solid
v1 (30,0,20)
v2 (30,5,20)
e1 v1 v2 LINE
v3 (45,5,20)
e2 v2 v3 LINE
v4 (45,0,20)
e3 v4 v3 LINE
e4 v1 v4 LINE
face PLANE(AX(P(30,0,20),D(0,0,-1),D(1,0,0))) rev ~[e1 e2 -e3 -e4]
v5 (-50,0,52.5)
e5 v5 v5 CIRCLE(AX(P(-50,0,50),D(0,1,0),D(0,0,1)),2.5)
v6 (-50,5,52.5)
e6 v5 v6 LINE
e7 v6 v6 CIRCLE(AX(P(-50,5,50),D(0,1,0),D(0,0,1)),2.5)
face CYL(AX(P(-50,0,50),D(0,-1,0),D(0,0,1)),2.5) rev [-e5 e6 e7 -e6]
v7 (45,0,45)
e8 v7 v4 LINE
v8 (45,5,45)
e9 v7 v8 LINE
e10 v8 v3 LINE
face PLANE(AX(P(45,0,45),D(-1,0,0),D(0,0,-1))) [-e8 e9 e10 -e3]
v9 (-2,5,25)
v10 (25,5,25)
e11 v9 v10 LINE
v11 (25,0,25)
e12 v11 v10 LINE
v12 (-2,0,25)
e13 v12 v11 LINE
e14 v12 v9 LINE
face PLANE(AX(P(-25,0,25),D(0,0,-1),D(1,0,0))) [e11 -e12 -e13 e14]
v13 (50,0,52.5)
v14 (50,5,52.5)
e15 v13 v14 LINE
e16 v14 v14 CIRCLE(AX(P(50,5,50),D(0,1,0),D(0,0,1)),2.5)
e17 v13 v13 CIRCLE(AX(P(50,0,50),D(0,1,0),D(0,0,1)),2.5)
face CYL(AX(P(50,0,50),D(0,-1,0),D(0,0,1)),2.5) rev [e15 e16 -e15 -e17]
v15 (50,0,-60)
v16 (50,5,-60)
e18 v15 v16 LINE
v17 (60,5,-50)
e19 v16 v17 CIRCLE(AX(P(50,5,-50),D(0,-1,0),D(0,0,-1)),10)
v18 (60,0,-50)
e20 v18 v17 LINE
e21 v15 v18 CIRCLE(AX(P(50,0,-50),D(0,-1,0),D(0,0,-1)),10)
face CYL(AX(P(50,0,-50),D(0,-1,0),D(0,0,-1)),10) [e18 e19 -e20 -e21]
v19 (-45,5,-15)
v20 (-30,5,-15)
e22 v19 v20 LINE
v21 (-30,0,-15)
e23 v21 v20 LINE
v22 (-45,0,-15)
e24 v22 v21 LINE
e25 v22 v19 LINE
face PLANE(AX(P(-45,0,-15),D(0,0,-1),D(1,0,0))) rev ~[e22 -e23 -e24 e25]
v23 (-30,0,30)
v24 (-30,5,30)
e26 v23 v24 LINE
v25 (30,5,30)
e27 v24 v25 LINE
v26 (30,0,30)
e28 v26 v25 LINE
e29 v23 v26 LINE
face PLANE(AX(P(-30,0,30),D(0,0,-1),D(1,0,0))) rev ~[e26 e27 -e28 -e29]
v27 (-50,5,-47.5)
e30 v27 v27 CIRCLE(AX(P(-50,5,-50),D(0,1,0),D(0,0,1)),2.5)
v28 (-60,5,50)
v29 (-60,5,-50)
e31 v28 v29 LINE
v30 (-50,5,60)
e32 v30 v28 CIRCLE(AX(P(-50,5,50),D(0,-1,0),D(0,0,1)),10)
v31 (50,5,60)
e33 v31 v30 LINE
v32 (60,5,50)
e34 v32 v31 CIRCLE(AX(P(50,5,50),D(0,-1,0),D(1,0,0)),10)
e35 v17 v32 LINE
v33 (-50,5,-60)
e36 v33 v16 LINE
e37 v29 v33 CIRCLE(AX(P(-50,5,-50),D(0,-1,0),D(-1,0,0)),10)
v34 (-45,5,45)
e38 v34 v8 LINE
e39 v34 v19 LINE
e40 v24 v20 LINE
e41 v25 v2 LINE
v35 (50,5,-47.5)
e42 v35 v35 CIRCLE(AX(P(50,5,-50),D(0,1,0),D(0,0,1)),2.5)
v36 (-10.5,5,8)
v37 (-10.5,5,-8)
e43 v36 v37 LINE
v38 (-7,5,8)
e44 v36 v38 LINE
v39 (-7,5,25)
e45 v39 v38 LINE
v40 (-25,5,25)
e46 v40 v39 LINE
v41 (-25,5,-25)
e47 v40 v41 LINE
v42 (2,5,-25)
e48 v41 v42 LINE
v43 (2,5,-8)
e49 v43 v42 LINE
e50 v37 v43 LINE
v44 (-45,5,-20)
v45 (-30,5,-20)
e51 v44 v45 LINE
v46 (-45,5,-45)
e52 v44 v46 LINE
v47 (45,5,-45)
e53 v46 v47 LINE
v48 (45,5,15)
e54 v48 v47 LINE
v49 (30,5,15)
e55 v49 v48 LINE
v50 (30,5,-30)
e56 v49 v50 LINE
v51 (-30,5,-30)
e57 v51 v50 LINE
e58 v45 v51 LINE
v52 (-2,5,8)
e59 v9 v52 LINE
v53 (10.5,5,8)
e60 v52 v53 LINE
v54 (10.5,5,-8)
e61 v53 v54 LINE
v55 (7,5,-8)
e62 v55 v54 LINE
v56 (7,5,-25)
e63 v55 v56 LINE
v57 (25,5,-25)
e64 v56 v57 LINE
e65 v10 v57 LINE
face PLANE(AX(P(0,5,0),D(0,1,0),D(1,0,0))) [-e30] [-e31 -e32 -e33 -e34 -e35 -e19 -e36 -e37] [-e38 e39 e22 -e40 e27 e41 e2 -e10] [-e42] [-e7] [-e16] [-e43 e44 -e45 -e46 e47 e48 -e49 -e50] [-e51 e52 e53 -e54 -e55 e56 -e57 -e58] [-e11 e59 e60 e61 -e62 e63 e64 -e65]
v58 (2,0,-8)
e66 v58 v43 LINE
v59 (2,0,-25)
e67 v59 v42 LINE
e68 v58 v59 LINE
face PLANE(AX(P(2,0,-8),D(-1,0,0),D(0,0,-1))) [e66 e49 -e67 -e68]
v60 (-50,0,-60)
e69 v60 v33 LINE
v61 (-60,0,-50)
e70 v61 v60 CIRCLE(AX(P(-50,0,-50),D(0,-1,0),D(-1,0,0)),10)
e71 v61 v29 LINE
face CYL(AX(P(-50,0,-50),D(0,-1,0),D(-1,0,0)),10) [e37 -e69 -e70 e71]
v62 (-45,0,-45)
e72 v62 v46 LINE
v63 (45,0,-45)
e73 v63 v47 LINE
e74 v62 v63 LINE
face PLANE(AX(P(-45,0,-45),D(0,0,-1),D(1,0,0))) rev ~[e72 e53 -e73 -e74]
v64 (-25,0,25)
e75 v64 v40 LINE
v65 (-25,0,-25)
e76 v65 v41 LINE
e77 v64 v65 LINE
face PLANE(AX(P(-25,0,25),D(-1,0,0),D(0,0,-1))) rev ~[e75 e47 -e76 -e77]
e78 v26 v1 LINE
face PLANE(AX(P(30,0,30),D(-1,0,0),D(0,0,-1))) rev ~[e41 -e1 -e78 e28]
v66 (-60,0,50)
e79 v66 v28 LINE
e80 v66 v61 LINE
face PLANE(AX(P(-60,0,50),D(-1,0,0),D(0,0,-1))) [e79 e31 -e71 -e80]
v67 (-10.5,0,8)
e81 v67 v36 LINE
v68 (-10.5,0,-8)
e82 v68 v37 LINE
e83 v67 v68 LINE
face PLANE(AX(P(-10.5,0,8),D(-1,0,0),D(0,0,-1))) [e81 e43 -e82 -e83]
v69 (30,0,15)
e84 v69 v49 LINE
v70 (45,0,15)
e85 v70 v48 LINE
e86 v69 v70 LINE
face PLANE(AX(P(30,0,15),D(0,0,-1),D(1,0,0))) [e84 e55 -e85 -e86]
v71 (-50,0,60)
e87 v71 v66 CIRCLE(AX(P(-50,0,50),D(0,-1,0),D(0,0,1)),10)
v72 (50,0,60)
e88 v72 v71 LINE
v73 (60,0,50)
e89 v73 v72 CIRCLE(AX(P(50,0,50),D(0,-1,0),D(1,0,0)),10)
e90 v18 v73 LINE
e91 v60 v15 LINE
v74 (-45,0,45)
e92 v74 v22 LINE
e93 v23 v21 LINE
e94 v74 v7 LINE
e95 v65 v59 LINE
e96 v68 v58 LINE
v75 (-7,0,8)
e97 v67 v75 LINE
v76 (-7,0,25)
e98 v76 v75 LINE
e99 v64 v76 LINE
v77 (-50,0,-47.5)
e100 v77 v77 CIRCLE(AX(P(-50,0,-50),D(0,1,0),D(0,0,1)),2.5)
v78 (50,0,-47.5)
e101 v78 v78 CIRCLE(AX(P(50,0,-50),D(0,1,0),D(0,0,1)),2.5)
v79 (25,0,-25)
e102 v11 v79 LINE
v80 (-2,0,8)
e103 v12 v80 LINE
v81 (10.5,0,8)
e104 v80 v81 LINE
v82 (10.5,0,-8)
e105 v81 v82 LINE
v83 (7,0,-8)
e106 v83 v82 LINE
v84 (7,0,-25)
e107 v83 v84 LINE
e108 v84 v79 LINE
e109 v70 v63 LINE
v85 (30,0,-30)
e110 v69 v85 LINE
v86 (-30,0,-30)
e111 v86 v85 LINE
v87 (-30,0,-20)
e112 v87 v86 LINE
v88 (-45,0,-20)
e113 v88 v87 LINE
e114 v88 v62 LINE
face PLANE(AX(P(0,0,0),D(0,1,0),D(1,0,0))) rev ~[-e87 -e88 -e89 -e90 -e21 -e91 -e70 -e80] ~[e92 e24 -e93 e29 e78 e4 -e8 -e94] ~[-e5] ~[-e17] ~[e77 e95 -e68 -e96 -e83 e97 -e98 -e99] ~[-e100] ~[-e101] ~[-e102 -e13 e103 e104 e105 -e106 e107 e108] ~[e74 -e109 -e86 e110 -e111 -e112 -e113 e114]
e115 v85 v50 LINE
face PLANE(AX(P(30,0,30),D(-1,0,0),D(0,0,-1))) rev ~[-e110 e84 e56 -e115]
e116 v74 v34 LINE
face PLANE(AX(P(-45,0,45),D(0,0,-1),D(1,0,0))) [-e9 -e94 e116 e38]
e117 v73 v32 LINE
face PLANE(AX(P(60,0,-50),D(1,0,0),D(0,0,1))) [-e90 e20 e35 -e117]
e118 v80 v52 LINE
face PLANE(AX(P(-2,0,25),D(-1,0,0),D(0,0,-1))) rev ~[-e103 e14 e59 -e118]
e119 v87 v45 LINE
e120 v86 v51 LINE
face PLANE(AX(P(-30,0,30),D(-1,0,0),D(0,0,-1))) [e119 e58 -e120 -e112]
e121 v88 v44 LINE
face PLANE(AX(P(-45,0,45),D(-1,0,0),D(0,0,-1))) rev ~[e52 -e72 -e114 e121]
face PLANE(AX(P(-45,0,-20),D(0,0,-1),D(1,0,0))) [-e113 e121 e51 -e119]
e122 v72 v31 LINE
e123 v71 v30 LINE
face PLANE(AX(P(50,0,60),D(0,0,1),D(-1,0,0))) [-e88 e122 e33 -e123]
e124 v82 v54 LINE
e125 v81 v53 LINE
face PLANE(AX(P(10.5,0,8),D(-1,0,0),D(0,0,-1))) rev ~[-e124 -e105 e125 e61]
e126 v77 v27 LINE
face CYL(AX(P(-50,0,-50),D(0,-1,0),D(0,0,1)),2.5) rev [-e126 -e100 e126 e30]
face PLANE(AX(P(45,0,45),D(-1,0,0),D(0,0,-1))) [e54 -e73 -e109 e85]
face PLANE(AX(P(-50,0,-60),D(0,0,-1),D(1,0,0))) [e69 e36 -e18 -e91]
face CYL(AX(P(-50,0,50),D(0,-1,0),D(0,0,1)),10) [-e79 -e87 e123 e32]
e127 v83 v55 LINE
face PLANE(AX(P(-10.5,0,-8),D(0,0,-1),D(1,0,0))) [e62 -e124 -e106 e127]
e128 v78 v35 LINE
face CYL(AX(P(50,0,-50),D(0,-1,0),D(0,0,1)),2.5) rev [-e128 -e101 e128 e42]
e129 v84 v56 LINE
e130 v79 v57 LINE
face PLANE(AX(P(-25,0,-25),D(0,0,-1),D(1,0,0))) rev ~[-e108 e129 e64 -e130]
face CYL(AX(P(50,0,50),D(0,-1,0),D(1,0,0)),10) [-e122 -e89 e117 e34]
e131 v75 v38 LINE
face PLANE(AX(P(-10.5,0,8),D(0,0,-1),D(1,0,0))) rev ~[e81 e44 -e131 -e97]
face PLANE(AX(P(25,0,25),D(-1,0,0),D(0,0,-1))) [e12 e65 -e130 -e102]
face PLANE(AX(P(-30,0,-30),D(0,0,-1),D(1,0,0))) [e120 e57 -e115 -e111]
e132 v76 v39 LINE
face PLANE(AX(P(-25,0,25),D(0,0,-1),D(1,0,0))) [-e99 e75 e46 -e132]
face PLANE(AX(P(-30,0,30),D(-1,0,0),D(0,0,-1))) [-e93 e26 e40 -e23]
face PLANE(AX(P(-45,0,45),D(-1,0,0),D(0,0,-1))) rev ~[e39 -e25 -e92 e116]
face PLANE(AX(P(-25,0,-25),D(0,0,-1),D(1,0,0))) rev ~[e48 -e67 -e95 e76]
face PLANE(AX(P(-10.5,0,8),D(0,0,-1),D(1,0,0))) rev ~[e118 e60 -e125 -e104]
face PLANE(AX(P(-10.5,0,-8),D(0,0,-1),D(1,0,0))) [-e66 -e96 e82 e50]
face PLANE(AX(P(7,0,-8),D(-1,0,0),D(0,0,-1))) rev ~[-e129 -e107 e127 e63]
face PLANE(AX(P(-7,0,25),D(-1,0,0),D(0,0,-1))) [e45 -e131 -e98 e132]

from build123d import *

# Parameters (mm, degrees)
SKETCH1_R             = 2.5
SKETCH1_W             = 90
SKETCH1_H             = 90
BOSS_EXTRUDE1_DEPTH   = 5
SKETCH1_W_2           = 60
SKETCH1_H_2           = 60
SKETCH1_W_3           = 50
SKETCH1_H_3           = 50
BOSS_EXTRUDE1_2_DEPTH = 5
SKETCH1_W_4           = 21
SKETCH1_H_4           = 16
BOSS_EXTRUDE1_3_DEPTH = 5
SKETCH2_W             = 5
SKETCH2_H             = 17
SKETCH2_W_2           = 15
SKETCH2_H_2           = 5
BOSS_EXTRUDE2_DEPTH   = 5


with BuildPart() as part:
    # Sketch1 → Boss-Extrude1 (new body)
    with BuildSketch(Plane(origin=(0, 0, 0), x_dir=(1, 0, 0), z_dir=(0, 1, 0))):
        with BuildLine():
            ThreePointArc((-60, 50), (-57.071067812, 57.071067812), (-50, 60))
            Line((-50, 60), (50, 60))
            ThreePointArc((50, 60), (57.071067812, 57.071067812), (60, 50))
            Line((60, 50), (60, -50))
            ThreePointArc((60, -50), (57.071067812, -57.071067812), (50, -60))
            Line((50, -60), (-50, -60))
            ThreePointArc((-50, -60), (-57.071067812, -57.071067812), (-60, -50))
            Line((-60, -50), (-60, 50))
        make_face()
        with Locations(Location((-50, -50, 0), (0, 0, 270))):
            Circle(SKETCH1_R, mode=Mode.SUBTRACT)
        with Locations(Location((50, -50, 0), (0, 0, 270))):
            Circle(SKETCH1_R, mode=Mode.SUBTRACT)
        with Locations(Location((50, 50, 0), (0, 0, 270))):
            Circle(SKETCH1_R, mode=Mode.SUBTRACT)
        with Locations(Location((-50, 50, 0), (0, 0, 270))):
            Circle(SKETCH1_R, mode=Mode.SUBTRACT)
        Rectangle(SKETCH1_W, SKETCH1_H, mode=Mode.SUBTRACT)
    extrude(amount=BOSS_EXTRUDE1_DEPTH)



with BuildPart() as body_2:
    # Sketch1 → Boss-Extrude1 2 (new body)
    with BuildSketch(Plane(origin=(0, 0, 0), x_dir=(1, 0, 0), z_dir=(0, 1, 0))):
        Rectangle(SKETCH1_W_2, SKETCH1_H_2)
        Rectangle(SKETCH1_W_3, SKETCH1_H_3, mode=Mode.SUBTRACT)
    extrude(amount=BOSS_EXTRUDE1_2_DEPTH)


with BuildPart() as body_3:
    # Sketch1 → Boss-Extrude1 3 (new body)
    with BuildSketch(Plane(origin=(0, 0, 0), x_dir=(1, 0, 0), z_dir=(0, 1, 0))):
        Rectangle(SKETCH1_W_4, SKETCH1_H_4)
    extrude(amount=BOSS_EXTRUDE1_3_DEPTH)


with BuildPart() as part_1:
    add(part.part)

    add(body_2.part)  # Boss-Extrude2 merges body 2

    add(body_3.part)  # Boss-Extrude2 merges body 3
    # Sketch2 → Boss-Extrude2 (add)
    with BuildSketch(Plane(origin=(0, 0, 0), x_dir=(1, 0, 0), z_dir=(0, 1, 0))):
        with Locations((-4.5, -16.5)):
            Rectangle(SKETCH2_W, SKETCH2_H)
        with Locations((4.5, 16.5)):
            Rectangle(SKETCH2_W, SKETCH2_H)
        with Locations((-37.5, 17.5)):
            Rectangle(SKETCH2_W_2, SKETCH2_H_2)
        with Locations((37.5, -17.5)):
            Rectangle(SKETCH2_W_2, SKETCH2_H_2)
    extrude(amount=BOSS_EXTRUDE2_DEPTH)


solid = part_1.part
